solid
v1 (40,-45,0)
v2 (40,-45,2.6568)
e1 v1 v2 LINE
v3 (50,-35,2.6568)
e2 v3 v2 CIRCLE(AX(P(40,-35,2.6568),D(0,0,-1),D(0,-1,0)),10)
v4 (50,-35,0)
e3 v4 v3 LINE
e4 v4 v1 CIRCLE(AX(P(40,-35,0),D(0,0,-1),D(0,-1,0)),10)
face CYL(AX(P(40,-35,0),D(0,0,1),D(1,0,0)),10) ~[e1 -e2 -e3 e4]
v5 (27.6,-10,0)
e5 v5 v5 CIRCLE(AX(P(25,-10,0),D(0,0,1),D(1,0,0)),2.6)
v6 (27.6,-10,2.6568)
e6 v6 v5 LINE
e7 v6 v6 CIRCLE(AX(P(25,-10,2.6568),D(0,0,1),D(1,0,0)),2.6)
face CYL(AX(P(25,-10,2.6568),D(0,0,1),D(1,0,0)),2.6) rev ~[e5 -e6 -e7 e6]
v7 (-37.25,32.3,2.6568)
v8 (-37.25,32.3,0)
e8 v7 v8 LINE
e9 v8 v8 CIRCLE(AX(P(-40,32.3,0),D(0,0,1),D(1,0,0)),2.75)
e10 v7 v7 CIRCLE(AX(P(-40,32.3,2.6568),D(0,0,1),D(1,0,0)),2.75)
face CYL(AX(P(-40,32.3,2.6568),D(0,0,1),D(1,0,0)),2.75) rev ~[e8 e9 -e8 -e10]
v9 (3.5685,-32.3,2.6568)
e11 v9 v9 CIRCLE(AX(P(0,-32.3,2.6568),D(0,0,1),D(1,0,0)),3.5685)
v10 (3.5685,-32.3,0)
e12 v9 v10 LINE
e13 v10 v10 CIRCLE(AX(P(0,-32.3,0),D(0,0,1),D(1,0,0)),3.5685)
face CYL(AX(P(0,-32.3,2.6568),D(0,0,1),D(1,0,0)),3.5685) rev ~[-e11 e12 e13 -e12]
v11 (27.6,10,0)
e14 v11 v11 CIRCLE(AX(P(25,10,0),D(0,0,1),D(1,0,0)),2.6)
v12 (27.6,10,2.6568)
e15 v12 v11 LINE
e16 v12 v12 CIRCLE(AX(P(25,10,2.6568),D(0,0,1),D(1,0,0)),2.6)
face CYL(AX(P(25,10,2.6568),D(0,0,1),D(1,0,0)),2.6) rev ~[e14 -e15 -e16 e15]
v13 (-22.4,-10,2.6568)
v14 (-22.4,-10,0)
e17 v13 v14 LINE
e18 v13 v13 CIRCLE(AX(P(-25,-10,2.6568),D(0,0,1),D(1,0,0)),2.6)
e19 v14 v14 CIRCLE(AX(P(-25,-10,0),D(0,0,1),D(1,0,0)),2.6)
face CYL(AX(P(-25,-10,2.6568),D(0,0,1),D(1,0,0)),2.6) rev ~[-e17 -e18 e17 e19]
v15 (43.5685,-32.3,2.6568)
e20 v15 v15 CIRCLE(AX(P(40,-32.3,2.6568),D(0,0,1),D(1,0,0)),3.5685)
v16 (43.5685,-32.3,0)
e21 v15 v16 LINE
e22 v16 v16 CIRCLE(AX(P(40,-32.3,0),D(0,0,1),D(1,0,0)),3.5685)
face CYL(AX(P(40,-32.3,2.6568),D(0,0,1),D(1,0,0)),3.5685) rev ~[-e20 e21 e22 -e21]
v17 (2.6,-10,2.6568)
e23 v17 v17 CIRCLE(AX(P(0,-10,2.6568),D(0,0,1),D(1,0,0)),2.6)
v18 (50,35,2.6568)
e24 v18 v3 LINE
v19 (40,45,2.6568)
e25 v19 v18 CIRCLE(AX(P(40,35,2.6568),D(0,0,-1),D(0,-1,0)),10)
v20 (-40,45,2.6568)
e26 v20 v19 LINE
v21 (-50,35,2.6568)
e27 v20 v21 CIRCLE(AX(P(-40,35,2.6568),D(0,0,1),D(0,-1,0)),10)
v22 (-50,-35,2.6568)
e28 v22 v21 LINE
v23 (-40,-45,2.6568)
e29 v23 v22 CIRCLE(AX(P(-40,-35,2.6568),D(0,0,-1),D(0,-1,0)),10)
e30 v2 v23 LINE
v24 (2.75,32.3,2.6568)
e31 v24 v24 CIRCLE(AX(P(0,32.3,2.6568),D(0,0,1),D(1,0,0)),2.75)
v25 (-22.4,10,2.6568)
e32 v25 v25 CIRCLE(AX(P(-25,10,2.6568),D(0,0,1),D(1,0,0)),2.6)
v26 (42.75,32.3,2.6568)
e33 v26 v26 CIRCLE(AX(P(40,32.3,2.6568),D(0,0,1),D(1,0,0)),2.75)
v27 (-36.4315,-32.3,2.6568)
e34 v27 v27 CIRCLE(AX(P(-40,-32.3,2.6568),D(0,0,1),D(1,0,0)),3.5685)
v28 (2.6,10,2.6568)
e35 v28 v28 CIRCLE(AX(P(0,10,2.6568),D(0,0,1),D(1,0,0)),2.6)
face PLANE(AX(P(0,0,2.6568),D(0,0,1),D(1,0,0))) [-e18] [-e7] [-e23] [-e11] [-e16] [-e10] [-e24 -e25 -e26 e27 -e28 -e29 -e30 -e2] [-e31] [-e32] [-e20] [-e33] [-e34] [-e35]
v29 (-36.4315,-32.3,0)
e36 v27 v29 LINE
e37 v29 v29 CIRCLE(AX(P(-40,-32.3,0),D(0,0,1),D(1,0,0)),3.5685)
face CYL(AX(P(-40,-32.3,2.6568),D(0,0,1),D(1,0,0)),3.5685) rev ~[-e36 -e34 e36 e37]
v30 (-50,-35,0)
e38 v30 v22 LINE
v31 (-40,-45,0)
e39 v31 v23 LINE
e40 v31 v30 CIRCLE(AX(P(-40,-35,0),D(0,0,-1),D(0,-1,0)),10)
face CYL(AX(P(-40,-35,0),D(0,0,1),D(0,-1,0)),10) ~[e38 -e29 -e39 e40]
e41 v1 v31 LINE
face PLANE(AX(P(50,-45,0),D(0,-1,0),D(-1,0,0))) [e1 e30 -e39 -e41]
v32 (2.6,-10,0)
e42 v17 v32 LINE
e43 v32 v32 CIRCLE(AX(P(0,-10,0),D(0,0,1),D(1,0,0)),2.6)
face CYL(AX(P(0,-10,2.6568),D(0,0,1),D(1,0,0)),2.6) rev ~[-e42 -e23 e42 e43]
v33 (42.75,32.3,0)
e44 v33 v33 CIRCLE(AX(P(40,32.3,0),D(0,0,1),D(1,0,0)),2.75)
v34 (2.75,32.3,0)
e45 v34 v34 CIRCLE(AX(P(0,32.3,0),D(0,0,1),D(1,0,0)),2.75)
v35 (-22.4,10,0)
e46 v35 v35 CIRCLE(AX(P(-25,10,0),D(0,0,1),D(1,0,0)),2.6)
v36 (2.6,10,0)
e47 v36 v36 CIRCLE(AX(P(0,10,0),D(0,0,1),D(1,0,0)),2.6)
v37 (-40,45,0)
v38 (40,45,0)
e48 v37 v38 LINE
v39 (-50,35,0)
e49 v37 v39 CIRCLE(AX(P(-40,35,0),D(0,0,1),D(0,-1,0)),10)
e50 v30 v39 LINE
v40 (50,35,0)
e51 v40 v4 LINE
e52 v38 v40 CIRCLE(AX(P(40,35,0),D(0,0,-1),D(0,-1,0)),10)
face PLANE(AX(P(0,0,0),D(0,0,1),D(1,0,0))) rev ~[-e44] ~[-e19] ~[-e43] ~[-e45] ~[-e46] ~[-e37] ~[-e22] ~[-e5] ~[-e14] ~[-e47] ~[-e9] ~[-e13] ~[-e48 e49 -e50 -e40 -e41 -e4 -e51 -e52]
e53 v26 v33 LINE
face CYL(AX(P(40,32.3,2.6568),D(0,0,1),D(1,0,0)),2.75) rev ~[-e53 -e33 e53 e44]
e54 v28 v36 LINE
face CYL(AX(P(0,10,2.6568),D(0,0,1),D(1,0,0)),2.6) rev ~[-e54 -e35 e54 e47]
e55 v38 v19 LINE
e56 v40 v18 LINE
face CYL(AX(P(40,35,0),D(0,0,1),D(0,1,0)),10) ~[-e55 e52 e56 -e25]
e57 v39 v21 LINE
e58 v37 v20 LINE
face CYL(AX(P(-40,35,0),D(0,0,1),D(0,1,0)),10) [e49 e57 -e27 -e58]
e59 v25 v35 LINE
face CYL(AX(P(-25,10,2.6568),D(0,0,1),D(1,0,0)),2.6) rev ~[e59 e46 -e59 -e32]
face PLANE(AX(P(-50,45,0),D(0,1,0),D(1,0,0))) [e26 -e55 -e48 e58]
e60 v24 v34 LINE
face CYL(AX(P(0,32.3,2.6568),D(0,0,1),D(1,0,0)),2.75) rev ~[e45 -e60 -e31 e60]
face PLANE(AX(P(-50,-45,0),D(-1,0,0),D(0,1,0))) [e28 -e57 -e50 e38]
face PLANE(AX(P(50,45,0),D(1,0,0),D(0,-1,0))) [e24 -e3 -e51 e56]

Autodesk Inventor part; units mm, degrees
ref_plane "YZ Plane" through (0, 0, 0) normal (1, 0, 0) x (0, 1, 0)
ref_plane "XZ Plane" through (0, 0, 0) normal (0, 1, 0) x (-1, 0, 0)
ref_plane "XY Plane" through (0, 0, 0) normal (0, 0, 1) x (1, 0, 0)
sketch "Sketch1" plane through (0, 0, 0) normal (0, 0, 1) x (1, 0, 0)
  line L0 (-50, 45) -> (50, 45)
  line L1 (50, 45) -> (50, -45)
  line L2 (50, -45) -> (-50, -45)
  line L3 (-50, -45) -> (-50, 45)
  point P0 (0, 0)
  dimension "d0" = 100
  dimension "d1" = 90
  dimension "d2" = 50
  dimension "d3" = 45
extrude "Extrusion1" add sketch "Sketch1" along normal blind 2.6568
fillet "Fillet1" radius 10 4 edges at (50, 45, 1.3284) (-50, 45, 1.3284) (50, -45, 1.3284) (-50, -45, 1.3284)
sketch "Sketch2" plane through (0, 0, 2.6568) normal (0, 0, 1) x (1, 0, 0)
  line L0 (50, 35) -> (50, -35) projected
  line L1 (-40, 45) -> (40, 45) projected
  circle A0 centre (40, 32.3) radius 2.75
  circle A1 centre (40, -32.3) radius 3.5685
  point P0 (0, 0)
  dimension "d7" = 5.5
  dimension "d8" = 10
  dimension "d10" = 7.137
  dimension "d12" = 10
  dimension "d52" = 64.6
  dimension "d53" = 12.7
extrude "Extrusion2" cut sketch "Sketch2" against normal through all
pattern_linear "Rectangular Pattern1" count 3 spacing 40 along (-1, 0, 0) of "Extrusion2"
sketch "Sketch3" plane through (0, 0, 2.6568) normal (0, 0, 1) x (1, 0, 0)
  line L0 (40, -45) -> (-40, -45) projected
  line L1 (-50, -35) -> (-50, 35) projected
  circle A0 centre (-25, -10) radius 2.6
  point P0 (0, 0)
  dimension "d18" = 5.2
  dimension "d19" = 25
  dimension "d20" = 35
extrude "Extrusion3" cut sketch "Sketch3" against normal through all
pattern_linear "Rectangular Pattern2" count 3 spacing 25 along (1, 0, 0) count 2 spacing 20 along (0, 1, 0) of "Extrusion3"
equation "\"d2\" = 0.5 * d0"
equation "\"d3\" = 0.5 * d1"
properties part number "S2SM-01" material "Steel, Mild"
